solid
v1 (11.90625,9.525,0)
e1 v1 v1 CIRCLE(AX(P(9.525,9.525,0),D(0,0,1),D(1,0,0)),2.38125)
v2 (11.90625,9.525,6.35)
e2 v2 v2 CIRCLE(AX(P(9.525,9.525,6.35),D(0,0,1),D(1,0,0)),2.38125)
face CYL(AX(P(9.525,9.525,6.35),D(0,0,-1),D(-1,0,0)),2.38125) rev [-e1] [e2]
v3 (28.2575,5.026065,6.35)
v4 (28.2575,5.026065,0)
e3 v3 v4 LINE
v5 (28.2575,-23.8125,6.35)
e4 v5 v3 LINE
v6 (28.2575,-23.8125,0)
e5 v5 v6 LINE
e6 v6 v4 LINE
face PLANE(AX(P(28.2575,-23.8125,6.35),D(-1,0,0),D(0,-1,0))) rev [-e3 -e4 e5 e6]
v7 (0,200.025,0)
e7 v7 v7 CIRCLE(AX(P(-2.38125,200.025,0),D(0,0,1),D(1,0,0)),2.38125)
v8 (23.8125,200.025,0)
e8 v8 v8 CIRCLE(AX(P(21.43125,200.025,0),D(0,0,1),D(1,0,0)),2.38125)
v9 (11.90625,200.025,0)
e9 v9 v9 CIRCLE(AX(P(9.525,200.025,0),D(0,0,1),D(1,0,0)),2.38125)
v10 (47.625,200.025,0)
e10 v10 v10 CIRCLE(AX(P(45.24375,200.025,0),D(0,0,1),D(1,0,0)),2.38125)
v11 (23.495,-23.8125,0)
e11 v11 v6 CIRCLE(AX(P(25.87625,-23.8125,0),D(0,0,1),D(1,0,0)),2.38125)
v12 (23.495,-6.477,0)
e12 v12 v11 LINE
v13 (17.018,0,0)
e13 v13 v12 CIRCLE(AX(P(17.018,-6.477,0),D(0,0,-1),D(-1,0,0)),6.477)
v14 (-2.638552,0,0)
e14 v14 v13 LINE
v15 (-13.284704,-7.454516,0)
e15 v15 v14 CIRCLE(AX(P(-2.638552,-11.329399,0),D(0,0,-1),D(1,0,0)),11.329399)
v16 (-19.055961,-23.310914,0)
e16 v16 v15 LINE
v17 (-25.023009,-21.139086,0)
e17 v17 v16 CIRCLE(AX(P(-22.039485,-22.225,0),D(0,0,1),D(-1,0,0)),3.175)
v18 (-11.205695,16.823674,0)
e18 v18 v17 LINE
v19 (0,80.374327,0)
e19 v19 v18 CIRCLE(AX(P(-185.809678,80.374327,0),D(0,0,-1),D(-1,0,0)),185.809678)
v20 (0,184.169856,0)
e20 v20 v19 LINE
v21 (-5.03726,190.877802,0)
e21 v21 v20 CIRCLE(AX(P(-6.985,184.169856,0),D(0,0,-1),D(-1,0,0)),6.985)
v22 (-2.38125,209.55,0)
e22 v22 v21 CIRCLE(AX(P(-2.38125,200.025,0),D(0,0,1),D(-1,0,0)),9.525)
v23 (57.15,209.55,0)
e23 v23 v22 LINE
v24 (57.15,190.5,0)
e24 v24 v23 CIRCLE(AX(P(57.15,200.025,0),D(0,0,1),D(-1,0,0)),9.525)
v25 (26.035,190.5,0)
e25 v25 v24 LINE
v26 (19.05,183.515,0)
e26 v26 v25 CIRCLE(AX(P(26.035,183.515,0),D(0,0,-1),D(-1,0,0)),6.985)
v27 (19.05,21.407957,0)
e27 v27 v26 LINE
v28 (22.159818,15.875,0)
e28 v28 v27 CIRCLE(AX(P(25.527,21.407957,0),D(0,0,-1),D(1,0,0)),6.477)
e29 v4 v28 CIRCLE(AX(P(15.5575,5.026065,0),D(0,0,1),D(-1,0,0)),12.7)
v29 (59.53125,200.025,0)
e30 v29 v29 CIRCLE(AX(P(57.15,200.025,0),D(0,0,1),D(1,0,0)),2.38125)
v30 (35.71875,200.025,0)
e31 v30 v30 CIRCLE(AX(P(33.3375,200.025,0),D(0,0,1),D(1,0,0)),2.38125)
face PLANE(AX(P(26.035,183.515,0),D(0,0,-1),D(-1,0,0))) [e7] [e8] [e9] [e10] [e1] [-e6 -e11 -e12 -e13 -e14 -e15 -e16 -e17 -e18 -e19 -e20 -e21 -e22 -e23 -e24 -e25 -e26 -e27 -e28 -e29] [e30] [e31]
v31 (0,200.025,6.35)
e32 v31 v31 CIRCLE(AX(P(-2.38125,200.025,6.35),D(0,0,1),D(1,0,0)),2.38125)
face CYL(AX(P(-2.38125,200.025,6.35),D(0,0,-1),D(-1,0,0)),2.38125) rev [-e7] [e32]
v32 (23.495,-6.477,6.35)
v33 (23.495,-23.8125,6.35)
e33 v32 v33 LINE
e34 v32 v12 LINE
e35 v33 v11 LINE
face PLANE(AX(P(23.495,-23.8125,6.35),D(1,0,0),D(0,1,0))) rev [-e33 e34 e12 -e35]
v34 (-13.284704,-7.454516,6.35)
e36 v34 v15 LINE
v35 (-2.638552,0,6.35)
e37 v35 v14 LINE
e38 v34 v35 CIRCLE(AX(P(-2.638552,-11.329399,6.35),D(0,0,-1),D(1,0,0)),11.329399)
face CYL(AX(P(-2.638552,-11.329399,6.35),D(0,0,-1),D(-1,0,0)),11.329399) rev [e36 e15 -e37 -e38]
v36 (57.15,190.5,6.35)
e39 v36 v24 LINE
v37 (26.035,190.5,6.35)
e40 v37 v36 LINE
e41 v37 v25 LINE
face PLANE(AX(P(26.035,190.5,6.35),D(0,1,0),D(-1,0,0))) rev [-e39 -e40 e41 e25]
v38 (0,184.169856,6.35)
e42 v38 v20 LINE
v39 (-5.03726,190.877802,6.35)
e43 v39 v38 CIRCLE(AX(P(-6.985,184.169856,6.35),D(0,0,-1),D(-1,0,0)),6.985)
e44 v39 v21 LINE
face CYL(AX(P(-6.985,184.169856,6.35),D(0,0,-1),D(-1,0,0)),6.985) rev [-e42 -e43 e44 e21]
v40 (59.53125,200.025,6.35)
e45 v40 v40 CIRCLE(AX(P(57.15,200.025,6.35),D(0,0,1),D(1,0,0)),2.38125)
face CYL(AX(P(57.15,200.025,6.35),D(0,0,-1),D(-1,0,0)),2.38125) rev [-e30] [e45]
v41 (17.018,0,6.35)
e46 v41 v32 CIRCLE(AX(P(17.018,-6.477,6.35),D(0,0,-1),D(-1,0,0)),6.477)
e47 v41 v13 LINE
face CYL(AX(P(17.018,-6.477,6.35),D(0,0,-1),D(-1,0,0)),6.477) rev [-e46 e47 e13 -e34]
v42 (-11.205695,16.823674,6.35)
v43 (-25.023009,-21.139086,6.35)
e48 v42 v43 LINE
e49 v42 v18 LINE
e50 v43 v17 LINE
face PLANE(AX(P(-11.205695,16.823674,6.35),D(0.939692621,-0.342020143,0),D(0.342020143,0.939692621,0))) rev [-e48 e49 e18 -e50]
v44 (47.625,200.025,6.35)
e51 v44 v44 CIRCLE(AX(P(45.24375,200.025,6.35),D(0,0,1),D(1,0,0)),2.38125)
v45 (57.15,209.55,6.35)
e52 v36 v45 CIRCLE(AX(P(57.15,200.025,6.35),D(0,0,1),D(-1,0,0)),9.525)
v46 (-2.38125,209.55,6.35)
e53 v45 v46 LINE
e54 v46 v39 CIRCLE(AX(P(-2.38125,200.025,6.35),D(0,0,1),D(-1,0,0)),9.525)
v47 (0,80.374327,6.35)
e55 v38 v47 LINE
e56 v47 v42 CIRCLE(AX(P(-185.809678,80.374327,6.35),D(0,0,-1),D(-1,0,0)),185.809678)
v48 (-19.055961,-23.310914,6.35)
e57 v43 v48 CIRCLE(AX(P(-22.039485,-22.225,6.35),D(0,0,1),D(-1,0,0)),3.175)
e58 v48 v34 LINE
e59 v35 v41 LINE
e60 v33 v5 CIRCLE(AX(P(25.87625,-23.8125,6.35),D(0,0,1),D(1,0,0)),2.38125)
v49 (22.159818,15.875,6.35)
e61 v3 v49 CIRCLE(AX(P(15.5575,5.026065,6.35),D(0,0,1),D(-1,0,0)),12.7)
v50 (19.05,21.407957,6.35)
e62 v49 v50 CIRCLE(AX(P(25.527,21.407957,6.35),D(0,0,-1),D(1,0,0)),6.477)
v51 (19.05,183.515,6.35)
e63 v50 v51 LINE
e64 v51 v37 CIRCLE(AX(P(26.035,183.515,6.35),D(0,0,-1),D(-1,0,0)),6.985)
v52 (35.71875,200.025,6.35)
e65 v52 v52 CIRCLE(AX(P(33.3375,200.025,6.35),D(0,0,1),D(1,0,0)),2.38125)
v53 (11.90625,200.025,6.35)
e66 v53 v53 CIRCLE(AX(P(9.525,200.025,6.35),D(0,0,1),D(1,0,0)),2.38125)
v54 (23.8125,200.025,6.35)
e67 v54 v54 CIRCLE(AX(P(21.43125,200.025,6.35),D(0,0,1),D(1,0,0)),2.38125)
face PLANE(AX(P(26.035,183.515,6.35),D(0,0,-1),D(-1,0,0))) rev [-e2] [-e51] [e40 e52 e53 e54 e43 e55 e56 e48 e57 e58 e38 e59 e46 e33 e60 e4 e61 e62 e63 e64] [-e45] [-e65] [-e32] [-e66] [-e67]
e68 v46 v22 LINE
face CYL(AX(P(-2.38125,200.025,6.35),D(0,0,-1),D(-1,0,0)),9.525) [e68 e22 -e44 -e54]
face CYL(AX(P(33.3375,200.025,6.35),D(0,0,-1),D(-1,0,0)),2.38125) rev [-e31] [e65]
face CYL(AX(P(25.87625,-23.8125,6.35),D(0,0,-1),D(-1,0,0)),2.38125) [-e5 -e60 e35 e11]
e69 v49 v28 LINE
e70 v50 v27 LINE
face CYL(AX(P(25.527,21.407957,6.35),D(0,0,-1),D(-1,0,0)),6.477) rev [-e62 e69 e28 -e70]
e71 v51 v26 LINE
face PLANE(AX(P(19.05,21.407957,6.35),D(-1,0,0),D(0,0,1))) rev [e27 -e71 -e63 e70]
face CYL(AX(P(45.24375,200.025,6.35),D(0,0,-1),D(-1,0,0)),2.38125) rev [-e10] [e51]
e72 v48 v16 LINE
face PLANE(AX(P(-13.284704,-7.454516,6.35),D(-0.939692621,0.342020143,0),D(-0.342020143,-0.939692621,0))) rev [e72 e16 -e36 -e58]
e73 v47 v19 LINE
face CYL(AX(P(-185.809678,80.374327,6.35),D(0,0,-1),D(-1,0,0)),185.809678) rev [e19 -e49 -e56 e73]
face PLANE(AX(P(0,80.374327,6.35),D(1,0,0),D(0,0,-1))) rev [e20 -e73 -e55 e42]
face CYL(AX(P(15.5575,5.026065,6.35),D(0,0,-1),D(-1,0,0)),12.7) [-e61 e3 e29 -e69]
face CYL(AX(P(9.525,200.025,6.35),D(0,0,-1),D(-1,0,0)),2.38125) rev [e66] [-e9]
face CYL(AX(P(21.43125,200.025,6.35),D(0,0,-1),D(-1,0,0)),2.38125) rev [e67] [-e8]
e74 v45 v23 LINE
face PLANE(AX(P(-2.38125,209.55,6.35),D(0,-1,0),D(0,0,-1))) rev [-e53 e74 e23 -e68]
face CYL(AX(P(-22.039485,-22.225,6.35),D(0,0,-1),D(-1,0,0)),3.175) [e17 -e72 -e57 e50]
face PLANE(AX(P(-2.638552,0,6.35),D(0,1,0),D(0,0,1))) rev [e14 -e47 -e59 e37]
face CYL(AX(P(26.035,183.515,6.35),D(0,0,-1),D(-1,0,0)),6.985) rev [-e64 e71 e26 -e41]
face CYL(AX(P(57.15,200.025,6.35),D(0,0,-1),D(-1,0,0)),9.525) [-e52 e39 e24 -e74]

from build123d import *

# Parameters (mm, degrees)
SKETCH1_R           = 2.38125
BOSS_EXTRUDE1_DEPTH = 6.35


with BuildPart() as part:
    # Sketch1 → Boss-Extrude1 (new body)
    with BuildSketch(Plane.XY):
        with BuildLine():
            Line((0, 80.374326863), (0, 184.169856168))
            ThreePointArc((0, 184.169856168), (-1.399519198, 188.364212997), (-5.037259615, 190.877801635))
            ThreePointArc((-5.037259615, 190.877801635), (-11.811326602, 201.366372539), (-2.38125, 209.55))
            Line((-2.38125, 209.55), (57.15, 209.55))
            ThreePointArc((57.15, 209.55), (66.675, 200.025), (57.15, 190.5))
            Line((57.15, 190.5), (26.035, 190.5))
            ThreePointArc((26.035, 190.5), (21.095859133, 188.454140867), (19.05, 183.515))
            Line((19.05, 183.515), (19.05, 21.407957037))
            ThreePointArc((19.05, 21.407957037), (19.880728328, 18.234450269), (22.159817881, 15.875))
            ThreePointArc((22.159817881, 15.875), (26.628620925, 11.248626923), (28.2575, 5.026064633))
            Line((28.2575, 5.026064633), (28.2575, -23.8125))
            ThreePointArc((28.2575, -23.8125), (25.87625, -26.19375), (23.495, -23.8125))
            Line((23.495, -23.8125), (23.495, -6.477))
            ThreePointArc((23.495, -6.477), (21.597930622, -1.897069378), (17.018, 0))
            Line((17.018, 0), (-2.638551939, 0))
            ThreePointArc((-2.638551939, 0), (-9.136828191, -2.048898632), (-13.284704491, -7.45451627))
            Line((-13.284704491, -7.45451627), (-19.055961271, -23.310913955))
            ThreePointArc((-19.055961271, -23.310913955), (-23.125399297, -25.208524071), (-25.023009413, -21.139086045))
            Line((-25.023009413, -21.139086045), (-11.205694737, 16.823674026))
            ThreePointArc((-11.205694737, 16.823674026), (-2.822866527, 48.108814817), (0, 80.374326863))
        make_face()
        with Locations((9.525, 9.525)):
            Circle(SKETCH1_R, mode=Mode.SUBTRACT)
        with Locations((9.525, 200.025)):
            Circle(SKETCH1_R, mode=Mode.SUBTRACT)
        with Locations((21.43125, 200.025)):
            Circle(SKETCH1_R, mode=Mode.SUBTRACT)
        with Locations((-2.38125, 200.025)):
            Circle(SKETCH1_R, mode=Mode.SUBTRACT)
        with Locations((33.3375, 200.025)):
            Circle(SKETCH1_R, mode=Mode.SUBTRACT)
        with Locations((57.15, 200.025)):
            Circle(SKETCH1_R, mode=Mode.SUBTRACT)
        with Locations((45.24375, 200.025)):
            Circle(SKETCH1_R, mode=Mode.SUBTRACT)
    extrude(amount=BOSS_EXTRUDE1_DEPTH)


solid = part.part
